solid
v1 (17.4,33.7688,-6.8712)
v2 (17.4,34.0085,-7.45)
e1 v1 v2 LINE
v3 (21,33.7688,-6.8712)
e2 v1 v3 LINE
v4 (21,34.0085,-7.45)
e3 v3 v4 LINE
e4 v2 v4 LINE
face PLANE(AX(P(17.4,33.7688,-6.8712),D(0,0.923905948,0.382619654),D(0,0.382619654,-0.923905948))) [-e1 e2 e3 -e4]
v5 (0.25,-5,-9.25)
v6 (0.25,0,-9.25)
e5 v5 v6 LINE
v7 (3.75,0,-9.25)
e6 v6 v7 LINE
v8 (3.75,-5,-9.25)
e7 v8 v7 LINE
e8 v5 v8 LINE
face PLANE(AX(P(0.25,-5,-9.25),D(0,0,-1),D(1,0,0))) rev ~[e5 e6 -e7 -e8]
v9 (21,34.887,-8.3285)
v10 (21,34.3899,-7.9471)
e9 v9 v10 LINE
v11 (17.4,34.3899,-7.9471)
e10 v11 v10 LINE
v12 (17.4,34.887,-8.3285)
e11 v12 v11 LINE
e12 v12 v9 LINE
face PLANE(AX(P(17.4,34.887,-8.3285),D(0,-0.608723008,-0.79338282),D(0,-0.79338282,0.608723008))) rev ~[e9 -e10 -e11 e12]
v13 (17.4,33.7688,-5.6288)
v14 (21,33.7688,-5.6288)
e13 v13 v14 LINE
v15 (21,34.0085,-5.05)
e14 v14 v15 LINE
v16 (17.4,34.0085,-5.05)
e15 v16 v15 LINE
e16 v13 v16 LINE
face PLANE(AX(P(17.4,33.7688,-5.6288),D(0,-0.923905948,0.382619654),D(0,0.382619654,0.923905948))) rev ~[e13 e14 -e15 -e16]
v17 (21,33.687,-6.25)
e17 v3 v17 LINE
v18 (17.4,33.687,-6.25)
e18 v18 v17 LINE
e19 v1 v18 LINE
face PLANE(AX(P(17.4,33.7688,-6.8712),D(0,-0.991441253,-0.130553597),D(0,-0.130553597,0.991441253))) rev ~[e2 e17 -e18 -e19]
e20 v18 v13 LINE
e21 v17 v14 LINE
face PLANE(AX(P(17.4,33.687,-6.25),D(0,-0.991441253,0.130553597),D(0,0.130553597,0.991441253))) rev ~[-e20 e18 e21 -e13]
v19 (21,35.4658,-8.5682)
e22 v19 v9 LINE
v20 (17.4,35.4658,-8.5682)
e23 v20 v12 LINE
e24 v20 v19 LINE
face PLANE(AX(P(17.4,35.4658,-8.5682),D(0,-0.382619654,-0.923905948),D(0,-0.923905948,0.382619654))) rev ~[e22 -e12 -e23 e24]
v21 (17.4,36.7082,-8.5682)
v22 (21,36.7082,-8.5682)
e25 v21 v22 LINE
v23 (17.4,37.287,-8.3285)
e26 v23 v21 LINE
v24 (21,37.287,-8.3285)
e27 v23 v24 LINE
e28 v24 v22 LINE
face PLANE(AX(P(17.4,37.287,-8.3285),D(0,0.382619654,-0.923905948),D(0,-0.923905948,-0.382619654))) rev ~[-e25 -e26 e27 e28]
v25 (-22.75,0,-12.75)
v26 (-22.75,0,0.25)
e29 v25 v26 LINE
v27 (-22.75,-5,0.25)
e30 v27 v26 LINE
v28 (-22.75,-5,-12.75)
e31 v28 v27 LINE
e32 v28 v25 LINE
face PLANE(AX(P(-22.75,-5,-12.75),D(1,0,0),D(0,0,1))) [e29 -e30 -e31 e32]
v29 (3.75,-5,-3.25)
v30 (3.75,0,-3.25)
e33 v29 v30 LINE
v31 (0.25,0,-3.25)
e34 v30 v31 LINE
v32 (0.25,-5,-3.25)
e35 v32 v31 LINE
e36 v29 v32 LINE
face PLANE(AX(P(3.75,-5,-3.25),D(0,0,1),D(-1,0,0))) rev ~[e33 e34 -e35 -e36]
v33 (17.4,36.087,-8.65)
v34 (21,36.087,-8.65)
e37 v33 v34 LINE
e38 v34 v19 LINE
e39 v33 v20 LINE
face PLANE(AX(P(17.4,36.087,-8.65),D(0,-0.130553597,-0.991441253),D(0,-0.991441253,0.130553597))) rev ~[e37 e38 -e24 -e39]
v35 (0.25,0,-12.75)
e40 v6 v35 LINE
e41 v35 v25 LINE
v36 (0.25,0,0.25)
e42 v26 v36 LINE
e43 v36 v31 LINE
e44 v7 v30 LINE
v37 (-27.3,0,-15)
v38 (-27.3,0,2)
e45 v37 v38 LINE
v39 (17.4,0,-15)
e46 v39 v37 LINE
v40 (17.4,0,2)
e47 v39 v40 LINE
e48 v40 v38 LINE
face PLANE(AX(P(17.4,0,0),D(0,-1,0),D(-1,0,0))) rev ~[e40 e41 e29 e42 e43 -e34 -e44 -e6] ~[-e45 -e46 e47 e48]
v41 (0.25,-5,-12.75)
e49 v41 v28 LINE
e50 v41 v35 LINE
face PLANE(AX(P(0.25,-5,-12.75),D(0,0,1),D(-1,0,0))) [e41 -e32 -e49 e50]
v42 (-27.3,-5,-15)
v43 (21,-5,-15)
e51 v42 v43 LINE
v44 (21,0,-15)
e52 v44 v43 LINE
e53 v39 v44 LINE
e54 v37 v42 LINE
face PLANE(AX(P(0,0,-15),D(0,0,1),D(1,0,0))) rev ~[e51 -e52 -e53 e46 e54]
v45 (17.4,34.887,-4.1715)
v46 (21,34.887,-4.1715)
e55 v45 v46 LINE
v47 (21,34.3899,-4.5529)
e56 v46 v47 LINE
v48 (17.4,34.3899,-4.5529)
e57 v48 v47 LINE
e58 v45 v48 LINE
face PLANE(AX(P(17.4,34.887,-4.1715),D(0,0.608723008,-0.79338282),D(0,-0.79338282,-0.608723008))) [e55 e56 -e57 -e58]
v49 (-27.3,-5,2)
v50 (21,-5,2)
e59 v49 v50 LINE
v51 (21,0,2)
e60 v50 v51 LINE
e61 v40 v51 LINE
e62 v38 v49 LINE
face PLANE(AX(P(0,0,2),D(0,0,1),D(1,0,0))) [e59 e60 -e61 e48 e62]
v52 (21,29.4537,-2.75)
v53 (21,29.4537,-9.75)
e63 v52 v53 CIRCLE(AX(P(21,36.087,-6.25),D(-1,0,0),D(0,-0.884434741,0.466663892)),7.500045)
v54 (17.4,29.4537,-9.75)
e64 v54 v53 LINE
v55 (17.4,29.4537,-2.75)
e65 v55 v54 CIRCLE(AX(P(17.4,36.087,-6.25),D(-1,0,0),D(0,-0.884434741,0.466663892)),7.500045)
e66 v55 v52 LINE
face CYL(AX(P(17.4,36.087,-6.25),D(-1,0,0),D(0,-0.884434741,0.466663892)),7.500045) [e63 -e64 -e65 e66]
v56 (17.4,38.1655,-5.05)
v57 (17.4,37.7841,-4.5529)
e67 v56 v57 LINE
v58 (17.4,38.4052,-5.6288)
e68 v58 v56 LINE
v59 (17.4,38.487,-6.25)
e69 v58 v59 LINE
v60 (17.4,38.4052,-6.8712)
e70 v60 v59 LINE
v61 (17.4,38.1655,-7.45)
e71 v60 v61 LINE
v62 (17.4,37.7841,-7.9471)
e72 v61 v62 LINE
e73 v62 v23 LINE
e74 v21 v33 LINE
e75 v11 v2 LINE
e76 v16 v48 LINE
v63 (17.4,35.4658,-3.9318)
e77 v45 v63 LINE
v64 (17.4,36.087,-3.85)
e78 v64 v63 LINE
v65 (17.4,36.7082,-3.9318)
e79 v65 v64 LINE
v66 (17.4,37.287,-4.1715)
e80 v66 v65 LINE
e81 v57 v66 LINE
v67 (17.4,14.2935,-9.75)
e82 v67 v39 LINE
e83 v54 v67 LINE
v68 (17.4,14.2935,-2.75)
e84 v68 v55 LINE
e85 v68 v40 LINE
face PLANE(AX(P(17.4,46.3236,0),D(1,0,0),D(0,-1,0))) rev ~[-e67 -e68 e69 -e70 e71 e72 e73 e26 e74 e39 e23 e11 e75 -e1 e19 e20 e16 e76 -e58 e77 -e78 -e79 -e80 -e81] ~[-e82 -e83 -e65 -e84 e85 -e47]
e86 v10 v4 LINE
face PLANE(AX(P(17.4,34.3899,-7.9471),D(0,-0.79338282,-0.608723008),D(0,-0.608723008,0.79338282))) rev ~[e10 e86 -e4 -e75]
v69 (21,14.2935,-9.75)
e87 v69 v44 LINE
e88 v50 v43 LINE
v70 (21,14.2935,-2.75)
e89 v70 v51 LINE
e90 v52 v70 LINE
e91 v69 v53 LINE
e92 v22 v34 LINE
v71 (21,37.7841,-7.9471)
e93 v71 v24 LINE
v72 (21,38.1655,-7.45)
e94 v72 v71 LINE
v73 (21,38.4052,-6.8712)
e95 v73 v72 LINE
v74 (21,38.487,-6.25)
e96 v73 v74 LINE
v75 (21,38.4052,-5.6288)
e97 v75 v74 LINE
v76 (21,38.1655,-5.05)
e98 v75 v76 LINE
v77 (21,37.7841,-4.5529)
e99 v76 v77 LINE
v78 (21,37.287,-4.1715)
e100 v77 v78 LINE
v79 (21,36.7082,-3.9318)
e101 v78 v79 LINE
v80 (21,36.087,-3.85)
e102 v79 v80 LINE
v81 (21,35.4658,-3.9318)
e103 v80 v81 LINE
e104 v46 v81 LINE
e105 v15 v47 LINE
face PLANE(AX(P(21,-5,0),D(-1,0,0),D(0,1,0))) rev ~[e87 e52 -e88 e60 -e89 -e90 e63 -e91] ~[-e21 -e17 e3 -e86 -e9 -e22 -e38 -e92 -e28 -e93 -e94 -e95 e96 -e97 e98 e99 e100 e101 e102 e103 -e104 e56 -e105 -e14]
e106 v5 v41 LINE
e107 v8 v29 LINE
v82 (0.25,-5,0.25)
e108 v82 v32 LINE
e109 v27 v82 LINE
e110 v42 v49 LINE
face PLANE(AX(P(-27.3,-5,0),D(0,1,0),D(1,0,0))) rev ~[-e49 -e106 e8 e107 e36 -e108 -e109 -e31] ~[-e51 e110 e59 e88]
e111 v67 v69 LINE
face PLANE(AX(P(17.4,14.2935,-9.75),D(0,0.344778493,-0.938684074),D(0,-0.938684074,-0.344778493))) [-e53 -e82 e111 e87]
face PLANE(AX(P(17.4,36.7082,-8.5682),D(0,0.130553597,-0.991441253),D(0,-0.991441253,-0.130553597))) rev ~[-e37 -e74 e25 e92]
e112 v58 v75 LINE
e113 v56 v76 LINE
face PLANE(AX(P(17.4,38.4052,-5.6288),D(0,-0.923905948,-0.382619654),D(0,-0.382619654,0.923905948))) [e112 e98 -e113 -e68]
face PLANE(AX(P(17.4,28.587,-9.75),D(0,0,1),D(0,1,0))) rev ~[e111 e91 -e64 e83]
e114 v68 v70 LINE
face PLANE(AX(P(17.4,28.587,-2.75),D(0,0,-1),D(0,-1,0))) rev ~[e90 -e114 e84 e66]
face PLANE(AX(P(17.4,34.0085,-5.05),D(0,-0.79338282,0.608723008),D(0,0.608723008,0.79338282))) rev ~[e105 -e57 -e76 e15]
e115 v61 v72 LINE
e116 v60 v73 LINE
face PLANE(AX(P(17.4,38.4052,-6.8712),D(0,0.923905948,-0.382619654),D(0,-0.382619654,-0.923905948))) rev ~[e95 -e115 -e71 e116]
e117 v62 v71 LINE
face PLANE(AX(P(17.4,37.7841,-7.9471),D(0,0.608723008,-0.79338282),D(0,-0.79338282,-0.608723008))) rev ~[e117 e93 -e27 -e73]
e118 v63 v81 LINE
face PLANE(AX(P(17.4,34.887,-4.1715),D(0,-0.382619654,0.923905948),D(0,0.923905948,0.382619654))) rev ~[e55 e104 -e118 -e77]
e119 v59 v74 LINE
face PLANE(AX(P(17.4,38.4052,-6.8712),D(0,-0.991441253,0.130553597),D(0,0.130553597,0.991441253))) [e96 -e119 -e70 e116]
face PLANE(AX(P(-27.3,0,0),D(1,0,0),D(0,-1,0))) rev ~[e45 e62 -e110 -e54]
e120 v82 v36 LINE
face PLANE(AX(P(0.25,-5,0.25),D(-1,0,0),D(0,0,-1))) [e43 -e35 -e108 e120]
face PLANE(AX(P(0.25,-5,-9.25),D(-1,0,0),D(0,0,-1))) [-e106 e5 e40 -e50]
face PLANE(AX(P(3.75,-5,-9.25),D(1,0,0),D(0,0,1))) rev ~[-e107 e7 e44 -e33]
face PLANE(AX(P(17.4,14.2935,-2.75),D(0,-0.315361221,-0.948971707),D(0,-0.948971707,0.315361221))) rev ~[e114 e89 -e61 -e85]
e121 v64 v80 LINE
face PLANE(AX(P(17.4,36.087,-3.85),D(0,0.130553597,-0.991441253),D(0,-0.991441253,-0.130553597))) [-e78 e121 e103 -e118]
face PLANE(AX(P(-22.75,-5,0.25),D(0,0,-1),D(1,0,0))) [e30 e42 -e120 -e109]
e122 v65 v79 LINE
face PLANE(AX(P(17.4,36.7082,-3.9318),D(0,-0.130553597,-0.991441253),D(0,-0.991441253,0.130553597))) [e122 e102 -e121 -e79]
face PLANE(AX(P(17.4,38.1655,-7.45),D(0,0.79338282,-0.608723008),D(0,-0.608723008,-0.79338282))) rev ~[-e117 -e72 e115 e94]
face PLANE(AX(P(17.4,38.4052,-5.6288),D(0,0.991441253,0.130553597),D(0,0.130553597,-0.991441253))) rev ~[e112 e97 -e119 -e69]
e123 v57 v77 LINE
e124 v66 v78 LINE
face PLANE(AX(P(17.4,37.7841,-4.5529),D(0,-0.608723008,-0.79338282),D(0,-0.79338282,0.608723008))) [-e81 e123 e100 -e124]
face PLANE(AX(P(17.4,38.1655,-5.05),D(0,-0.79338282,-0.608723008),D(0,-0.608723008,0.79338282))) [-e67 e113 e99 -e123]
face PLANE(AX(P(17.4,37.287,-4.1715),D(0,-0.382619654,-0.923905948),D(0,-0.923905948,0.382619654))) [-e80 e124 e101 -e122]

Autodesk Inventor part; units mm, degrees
ref_plane "YZ Plane" through (0, 0, 0) normal (1, 0, 0) x (0, 1, 0)
ref_plane "XZ Plane" through (0, 0, 0) normal (0, 1, 0) x (-1, 0, 0)
ref_plane "XY Plane" through (0, 0, 0) normal (0, 0, 1) x (1, 0, 0)
sketch "Sketch1" plane through (0, 0, 0) normal (0, 0, 1) x (1, 0, 0)
  line L0 (-27.3, -5) -> (21, -5)
  line L1 (21, 0) -> (-27.3, 0)
  line L2 (-27.3, 0) -> (-27.3, -5)
  line L3 (17.4, 46.3236) -> (17.4, 0)
  line L4 (17.4, 0) -> (21, 0)
  line L5 (21, 41.8826) -> (21, 41.2832) projected
  line L6 (17.4, 46.3236) -> (21, 46.3236)
  line L7 (21, 46.3236) -> (21, 0)
  line L8 (21, 0) -> (17.4, 0)
  line L9 (17.4, 0) -> (17.4, 46.3236)
  line L10 (21, 0) -> (21, -5)
  point P0 (0, 0)
  point P1 (-27.3, 0)
  point P2 (17.4, 38.1655)
extrude "Extrusion1" add sketch "Sketch1" against normal blind 15
sketch "Sketch2" plane through (0, 0, 0) normal (0, 0, 1) x (1, 0, 0)
  line L0 (17.4, 0) -> (-27.3, 0) projected
  line L1 (-27.3, 0) -> (-27.3, -5) projected
  line L2 (21, -5) -> (21, 46.3236) projected
  line L3 (21, 46.3236) -> (17.4, 46.3236) projected
  line L4 (17.4, 46.3236) -> (17.4, 0) projected
  line L5 (-27.3, -5) -> (21, -5) projected
  point P0 (0, 0)
extrude "Extrusion2" add sketch "Sketch2" along normal blind 2
sketch "Sketch3" plane through (17.4, 0, -15) normal (-1, 0, 0) x (0, 0, 1)
  line L0 (10.8285, 34.887) -> (11.0682, 35.4658) projected
  line L1 (11.15, 36.087) -> (11.0682, 35.4658) projected
  line L2 (11.0682, 36.7082) -> (11.15, 36.087) projected
  line L3 (10.8285, 37.287) -> (11.0682, 36.7082) projected
  line L4 (10.4471, 37.7841) -> (10.8285, 37.287) projected
  line L5 (9.95, 38.1655) -> (10.4471, 37.7841) projected
  line L6 (9.3712, 38.4052) -> (9.95, 38.1655) projected
  line L7 (9.3712, 38.4052) -> (8.75, 38.487) projected
  line L8 (8.1288, 38.4052) -> (8.75, 38.487) projected
  line L9 (8.1288, 38.4052) -> (7.55, 38.1655) projected
  line L10 (7.55, 38.1655) -> (7.0529, 37.7841) projected
  line L11 (7.0529, 37.7841) -> (6.6715, 37.287) projected
  line L12 (6.6715, 37.287) -> (6.4318, 36.7082) projected
  line L13 (6.4318, 36.7082) -> (6.35, 36.087) projected
  line L14 (6.35, 36.087) -> (6.4318, 35.4658) projected
  line L15 (6.4318, 35.4658) -> (6.6715, 34.887) projected
  line L16 (6.6715, 34.887) -> (7.0529, 34.3899) projected
  line L17 (7.0529, 34.3899) -> (7.55, 34.0085) projected
  line L18 (8.1288, 33.7688) -> (7.55, 34.0085) projected
  line L19 (8.1288, 33.7688) -> (8.75, 33.687) projected
  line L20 (8.75, 33.687) -> (9.3712, 33.7688) projected
  line L21 (9.3712, 33.7688) -> (9.95, 34.0085) projected
  line L22 (9.95, 34.0085) -> (10.4471, 34.3899) projected
  line L23 (10.8285, 34.887) -> (10.4471, 34.3899) projected
  line L24 (8.75, 35.087) -> (9.0088, 35.1211) projected
  line L25 (8.4912, 35.1211) -> (8.75, 35.087) projected
  line L26 (8.25, 35.221) -> (8.4912, 35.1211) projected
  line L27 (8.0429, 35.3799) -> (8.25, 35.221) projected
  line L28 (7.884, 35.587) -> (8.0429, 35.3799) projected
  line L29 (7.7841, 35.8282) -> (7.884, 35.587) projected
  line L30 (7.75, 36.087) -> (7.7841, 35.8282) projected
  line L31 (7.7841, 36.3458) -> (7.75, 36.087) projected
  line L32 (7.884, 36.587) -> (7.7841, 36.3458) projected
  line L33 (8.0429, 36.7941) -> (7.884, 36.587) projected
  line L34 (8.25, 36.953) -> (8.0429, 36.7941) projected
  line L35 (8.4912, 37.0529) -> (8.25, 36.953) projected
  line L36 (8.75, 37.087) -> (8.4912, 37.0529) projected
  line L37 (8.75, 37.087) -> (9.0088, 37.0529) projected
  line L38 (9.0088, 37.0529) -> (9.25, 36.953) projected
  line L39 (9.25, 36.953) -> (9.4571, 36.7941) projected
  line L40 (9.4571, 36.7941) -> (9.616, 36.587) projected
  line L41 (9.616, 36.587) -> (9.7159, 36.3458) projected
  line L42 (9.7159, 36.3458) -> (9.75, 36.087) projected
  line L43 (9.75, 36.087) -> (9.7159, 35.8282) projected
  line L44 (9.7159, 35.8282) -> (9.616, 35.587) projected
  line L45 (9.616, 35.587) -> (9.4571, 35.3799) projected
  line L46 (9.4571, 35.3799) -> (9.25, 35.221) projected
  line L47 (9.25, 35.221) -> (9.0088, 35.1211) projected
  circle A0 centre (8.75, 36.087) radius 2.5
  arc A1 (12.25, 29.4537) -> (5.25, 29.4537) centre (8.75, 36.087) ccw
  line L48 (8.75, 36.087) -> (8.75, 28.587)
  line L49 (0, 0) -> (17, 0) projected
  line L50 (0, -5) -> (0, 0) projected
  line L51 (0, -5) -> (17, -5) projected
  line L52 (17, 0) -> (17, -5) projected
  line L53 (8.75, 28.587) -> (8.75, 0)
  line L54 (0, 0) -> (17, 0) projected
  line L55 (5.25, 14.2935) -> (5.25, 28.587)
  line L56 (12.25, 28.587) -> (12.25, 14.2935)
  line L57 (12.25, 0) -> (5.25, 0)
  line L58 (5.25, 0) -> (12.25, 28.587) construction
  line L59 (5.25, 28.587) -> (12.25, 0) construction
  line L60 (12.25, 28.587) -> (12.25, 29.4537)
  line L61 (5.25, 28.587) -> (5.25, 29.4537)
  line L62 (0, 46.3236) -> (17, 46.3236) projected
  line L63 (17, 46.3236) -> (0, 46.3236)
  line L64 (0, 46.3236) -> (0, 0)
  line L65 (0, 0) -> (17, 0)
  line L66 (17, 0) -> (17, 46.3236)
  line L67 (5.25, 14.2935) -> (0, 0)
  line L68 (12.25, 14.2935) -> (17, 0)
  point P0 (15, 0)
  point P1 (8.75, 14.2935)
  dimension "d6" = 5
  dimension "d7" = 15
  dimension "d8" = 7
extrude "Extrusion3" cut sketch "Sketch3" against normal up to surface (3.6 mm away) contours L25 L26 L27 L28 L29 L30 L31 L32 L33 L34 L35 L36 L37 L38 L39 L40 L41 L42 L43 L44 L45 L46 L47 L24 | L23 L22 L21 L20 L19 L18 L17 L16 L15 L14 L13 L12 L11 L10 L9 L8 L7 L6 L5 L4 L3 L2 L1 L0 | L64 L62 L66 L68 L56 L60 A1 L61 L55 L67
sketch "Sketch5" plane through (-27.3, -5, -15) normal (0, -1, 0) x (1, 0, 0)
  line L0 (4.8, 15) -> (4.8, 2.5) projected
  line L1 (27.3, 15) -> (4.8, 15) projected
  line L2 (27.3, 2.5) -> (27.3, 15) projected
  line L3 (27.3, 2.5) -> (4.8, 2.5) projected
  line L4 (4.8, 2.5) -> (27.3, 15)
  line L5 (27.55, 2.25) -> (4.55, 2.25)
  line L6 (4.55, 2.25) -> (4.55, 15.25)
  line L7 (4.55, 15.25) -> (27.55, 15.25)
  line L8 (27.55, 15.25) -> (27.55, 2.25)
  line L9 (27.55, 2.25) -> (4.55, 15.25) construction
  line L10 (4.55, 2.25) -> (27.55, 15.25) construction
  line L11 (27.55, 5.75) -> (31.05, 5.75)
  line L12 (31.05, 5.75) -> (31.05, 11.75)
  line L13 (31.05, 11.75) -> (27.55, 11.75)
  line L14 (24.05, 5.75) -> (31.05, 11.75) construction
  line L15 (31.05, 5.75) -> (24.05, 11.75) construction
  point P0 (16.05, 8.75)
  point P1 (27.55, 8.75)
  dimension "d11" = 23
  dimension "d12" = 13
  dimension "d13" = 7
  dimension "d14" = 6
extrude "Extrusion4" cut sketch "Sketch5" against normal up to surface (5 mm away) contours L1 L4 L0 | L4 L2 L3 | L5 L6 L7 L8 | L8 L13 L12 L11
properties part number "arm"
